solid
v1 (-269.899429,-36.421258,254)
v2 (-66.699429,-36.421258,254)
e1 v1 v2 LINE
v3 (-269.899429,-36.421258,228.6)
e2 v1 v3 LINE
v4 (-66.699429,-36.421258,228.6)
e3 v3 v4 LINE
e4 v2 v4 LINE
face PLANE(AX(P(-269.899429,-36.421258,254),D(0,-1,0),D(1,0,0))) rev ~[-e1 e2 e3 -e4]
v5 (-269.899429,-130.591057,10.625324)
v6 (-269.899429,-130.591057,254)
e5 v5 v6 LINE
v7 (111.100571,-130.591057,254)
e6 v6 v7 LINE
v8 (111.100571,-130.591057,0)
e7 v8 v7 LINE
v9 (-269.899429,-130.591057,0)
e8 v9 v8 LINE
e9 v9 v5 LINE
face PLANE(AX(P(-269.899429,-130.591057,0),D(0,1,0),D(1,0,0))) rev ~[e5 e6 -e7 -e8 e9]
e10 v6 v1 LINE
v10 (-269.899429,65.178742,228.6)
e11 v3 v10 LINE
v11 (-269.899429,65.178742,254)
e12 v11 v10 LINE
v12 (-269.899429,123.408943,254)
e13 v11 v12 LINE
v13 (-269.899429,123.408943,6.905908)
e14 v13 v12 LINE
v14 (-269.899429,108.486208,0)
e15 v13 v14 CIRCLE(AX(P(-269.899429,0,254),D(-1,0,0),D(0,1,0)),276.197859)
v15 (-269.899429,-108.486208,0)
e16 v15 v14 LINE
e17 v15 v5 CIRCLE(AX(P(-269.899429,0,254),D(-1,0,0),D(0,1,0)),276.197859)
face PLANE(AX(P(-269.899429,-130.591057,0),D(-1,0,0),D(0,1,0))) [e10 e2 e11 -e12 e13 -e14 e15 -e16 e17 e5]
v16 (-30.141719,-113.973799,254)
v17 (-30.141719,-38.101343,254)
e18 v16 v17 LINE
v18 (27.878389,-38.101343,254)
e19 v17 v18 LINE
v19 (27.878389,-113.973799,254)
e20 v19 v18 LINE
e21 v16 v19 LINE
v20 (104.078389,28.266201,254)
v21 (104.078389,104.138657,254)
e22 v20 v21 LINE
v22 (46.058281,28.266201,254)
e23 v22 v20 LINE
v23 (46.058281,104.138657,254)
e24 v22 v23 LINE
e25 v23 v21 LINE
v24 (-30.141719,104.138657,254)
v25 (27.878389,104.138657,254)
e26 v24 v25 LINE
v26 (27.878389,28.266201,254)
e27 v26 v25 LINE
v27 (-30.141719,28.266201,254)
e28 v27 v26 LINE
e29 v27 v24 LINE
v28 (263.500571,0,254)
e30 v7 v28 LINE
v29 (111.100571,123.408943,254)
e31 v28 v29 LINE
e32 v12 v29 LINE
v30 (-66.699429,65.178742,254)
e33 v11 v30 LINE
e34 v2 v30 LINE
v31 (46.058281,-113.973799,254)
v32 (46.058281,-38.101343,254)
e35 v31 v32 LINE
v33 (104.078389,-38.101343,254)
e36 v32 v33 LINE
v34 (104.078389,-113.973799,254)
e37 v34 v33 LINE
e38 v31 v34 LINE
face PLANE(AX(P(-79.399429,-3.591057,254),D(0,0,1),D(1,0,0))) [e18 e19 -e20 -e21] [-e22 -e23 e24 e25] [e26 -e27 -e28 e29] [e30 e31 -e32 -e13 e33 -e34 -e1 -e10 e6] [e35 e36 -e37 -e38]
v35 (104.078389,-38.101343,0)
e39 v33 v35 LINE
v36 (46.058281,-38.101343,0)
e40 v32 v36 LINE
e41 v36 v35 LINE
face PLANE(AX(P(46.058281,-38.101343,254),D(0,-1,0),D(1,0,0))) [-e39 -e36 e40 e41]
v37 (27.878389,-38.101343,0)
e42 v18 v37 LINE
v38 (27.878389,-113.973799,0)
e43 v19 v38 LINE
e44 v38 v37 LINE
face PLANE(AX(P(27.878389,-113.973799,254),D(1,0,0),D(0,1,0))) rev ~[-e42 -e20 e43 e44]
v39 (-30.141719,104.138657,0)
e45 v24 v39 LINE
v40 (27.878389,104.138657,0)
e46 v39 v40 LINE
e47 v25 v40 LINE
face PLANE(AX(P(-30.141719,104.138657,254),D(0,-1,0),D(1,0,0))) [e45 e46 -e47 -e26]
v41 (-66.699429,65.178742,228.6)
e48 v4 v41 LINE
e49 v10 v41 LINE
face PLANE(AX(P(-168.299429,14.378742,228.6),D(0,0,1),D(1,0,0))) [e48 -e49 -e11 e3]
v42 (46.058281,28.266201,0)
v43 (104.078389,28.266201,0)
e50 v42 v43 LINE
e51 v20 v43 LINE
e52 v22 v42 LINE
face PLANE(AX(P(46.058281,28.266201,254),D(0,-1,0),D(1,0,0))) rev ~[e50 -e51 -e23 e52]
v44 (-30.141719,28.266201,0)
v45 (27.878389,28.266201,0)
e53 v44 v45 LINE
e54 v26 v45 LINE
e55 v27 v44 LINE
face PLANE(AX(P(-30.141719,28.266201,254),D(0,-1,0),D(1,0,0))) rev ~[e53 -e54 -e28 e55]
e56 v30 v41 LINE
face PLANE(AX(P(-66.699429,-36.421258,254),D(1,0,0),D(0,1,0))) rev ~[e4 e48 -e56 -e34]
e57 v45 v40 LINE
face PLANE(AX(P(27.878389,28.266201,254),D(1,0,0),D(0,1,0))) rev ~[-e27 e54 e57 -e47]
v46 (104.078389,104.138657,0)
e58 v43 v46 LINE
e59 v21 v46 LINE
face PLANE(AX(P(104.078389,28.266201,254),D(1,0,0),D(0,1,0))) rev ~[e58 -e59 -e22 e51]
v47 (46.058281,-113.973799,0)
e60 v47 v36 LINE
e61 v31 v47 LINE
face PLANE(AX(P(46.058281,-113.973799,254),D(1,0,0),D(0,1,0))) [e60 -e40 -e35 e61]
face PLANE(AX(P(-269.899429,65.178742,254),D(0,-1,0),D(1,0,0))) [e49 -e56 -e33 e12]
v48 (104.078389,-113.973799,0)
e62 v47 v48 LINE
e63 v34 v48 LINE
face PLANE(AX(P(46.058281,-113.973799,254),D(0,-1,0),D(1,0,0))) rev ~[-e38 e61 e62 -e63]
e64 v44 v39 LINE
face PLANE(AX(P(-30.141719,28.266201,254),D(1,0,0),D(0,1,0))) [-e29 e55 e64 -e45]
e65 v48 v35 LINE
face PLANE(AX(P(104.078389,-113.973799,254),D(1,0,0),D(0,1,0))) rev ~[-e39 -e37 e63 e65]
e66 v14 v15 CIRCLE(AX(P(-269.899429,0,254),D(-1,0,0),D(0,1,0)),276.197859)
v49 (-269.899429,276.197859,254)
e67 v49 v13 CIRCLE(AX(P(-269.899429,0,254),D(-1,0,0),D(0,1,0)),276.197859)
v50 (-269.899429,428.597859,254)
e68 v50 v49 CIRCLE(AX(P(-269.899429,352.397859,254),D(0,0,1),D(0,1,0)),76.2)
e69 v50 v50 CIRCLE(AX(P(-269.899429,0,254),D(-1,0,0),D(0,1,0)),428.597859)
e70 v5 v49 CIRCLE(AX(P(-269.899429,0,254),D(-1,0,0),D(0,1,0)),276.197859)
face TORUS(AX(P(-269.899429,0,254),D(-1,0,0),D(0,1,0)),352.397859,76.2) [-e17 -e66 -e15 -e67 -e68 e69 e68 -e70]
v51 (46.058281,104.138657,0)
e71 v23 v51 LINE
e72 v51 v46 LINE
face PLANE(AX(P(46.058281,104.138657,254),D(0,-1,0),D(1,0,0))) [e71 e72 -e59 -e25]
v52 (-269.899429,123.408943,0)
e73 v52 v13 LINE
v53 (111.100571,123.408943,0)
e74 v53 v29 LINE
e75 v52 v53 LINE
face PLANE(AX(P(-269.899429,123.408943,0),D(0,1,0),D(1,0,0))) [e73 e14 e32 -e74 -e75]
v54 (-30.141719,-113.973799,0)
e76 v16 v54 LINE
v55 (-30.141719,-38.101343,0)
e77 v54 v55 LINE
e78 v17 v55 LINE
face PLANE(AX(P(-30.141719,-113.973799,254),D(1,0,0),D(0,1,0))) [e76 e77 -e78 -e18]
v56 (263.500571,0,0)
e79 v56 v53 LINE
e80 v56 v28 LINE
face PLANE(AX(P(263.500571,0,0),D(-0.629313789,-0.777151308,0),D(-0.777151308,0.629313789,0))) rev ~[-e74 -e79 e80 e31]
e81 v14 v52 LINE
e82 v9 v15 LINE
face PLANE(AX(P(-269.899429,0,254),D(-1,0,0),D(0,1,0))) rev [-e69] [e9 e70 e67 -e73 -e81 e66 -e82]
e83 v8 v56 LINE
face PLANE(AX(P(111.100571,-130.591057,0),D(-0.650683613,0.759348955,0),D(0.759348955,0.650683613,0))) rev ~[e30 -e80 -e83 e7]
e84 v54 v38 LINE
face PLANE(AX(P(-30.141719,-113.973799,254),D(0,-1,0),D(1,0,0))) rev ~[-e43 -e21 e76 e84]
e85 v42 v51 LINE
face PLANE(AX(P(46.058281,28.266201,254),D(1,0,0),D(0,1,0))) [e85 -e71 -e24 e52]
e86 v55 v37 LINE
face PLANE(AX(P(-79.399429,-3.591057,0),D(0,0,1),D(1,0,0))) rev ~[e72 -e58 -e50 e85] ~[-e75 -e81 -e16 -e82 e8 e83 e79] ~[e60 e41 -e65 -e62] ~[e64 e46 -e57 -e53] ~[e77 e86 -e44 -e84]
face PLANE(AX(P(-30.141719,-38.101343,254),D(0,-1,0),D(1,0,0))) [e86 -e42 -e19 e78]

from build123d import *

# Parameters (mm, degrees)
F0_W     = 381
F0_H     = 254
F1_DEPTH = 254
F3_W     = 203.2
F3_H     = 101.6
F4_DEPTH = 25.4
F7_W     = 58.020108
F7_H     = 75.872456
F8_DEPTH = 254


with BuildPart() as f1:
    # F0 (on Top) → F1 (new body)
    with BuildSketch(Plane.XY):
        with Locations((-79.399429, -3.591057)):
            Rectangle(F0_W, F0_H)
        Polygon((263.500571, 0), (111.100571, 123.408943), (111.100571, -130.591057), align=None)
    extrude(amount=F1_DEPTH)

    # F3 (on face) → F4 (cut)
    with BuildSketch(Plane.XY.offset(254)):
        with Locations((-168.299429, 14.378742)):
            Rectangle(F3_W, F3_H)
    extrude(amount=-F4_DEPTH, mode=Mode.SUBTRACT)

    # F5 (on face) → F6 (revolve)
    with BuildSketch(Plane.XY.offset(254)):
        with BuildLine():
            Line((-269.899429, 276.197859), (-269.899429, 428.597859))
            ThreePointArc((-269.899429, 428.597859), (-346.099429, 352.397859), (-269.899429, 276.197859))
        make_face()
    revolve(axis=Axis((-3.199429, 0, 254), (-1, 0, 0)))

    # F7 (on face) → F8 (cut, through all)
    with BuildSketch(Plane.XY.offset(254)):
        with Locations((75.068335, 66.202429)):
            Rectangle(F7_W, F7_H)
        with Locations((-1.131665, 66.202429)):
            Rectangle(F7_W, F7_H)
        with Locations((-1.131665, -76.037571)):
            Rectangle(F7_W, F7_H)
        with Locations((75.068335, -76.037571)):
            Rectangle(F7_W, F7_H)
    extrude(amount=-F8_DEPTH, mode=Mode.SUBTRACT)


solid = f1.part
